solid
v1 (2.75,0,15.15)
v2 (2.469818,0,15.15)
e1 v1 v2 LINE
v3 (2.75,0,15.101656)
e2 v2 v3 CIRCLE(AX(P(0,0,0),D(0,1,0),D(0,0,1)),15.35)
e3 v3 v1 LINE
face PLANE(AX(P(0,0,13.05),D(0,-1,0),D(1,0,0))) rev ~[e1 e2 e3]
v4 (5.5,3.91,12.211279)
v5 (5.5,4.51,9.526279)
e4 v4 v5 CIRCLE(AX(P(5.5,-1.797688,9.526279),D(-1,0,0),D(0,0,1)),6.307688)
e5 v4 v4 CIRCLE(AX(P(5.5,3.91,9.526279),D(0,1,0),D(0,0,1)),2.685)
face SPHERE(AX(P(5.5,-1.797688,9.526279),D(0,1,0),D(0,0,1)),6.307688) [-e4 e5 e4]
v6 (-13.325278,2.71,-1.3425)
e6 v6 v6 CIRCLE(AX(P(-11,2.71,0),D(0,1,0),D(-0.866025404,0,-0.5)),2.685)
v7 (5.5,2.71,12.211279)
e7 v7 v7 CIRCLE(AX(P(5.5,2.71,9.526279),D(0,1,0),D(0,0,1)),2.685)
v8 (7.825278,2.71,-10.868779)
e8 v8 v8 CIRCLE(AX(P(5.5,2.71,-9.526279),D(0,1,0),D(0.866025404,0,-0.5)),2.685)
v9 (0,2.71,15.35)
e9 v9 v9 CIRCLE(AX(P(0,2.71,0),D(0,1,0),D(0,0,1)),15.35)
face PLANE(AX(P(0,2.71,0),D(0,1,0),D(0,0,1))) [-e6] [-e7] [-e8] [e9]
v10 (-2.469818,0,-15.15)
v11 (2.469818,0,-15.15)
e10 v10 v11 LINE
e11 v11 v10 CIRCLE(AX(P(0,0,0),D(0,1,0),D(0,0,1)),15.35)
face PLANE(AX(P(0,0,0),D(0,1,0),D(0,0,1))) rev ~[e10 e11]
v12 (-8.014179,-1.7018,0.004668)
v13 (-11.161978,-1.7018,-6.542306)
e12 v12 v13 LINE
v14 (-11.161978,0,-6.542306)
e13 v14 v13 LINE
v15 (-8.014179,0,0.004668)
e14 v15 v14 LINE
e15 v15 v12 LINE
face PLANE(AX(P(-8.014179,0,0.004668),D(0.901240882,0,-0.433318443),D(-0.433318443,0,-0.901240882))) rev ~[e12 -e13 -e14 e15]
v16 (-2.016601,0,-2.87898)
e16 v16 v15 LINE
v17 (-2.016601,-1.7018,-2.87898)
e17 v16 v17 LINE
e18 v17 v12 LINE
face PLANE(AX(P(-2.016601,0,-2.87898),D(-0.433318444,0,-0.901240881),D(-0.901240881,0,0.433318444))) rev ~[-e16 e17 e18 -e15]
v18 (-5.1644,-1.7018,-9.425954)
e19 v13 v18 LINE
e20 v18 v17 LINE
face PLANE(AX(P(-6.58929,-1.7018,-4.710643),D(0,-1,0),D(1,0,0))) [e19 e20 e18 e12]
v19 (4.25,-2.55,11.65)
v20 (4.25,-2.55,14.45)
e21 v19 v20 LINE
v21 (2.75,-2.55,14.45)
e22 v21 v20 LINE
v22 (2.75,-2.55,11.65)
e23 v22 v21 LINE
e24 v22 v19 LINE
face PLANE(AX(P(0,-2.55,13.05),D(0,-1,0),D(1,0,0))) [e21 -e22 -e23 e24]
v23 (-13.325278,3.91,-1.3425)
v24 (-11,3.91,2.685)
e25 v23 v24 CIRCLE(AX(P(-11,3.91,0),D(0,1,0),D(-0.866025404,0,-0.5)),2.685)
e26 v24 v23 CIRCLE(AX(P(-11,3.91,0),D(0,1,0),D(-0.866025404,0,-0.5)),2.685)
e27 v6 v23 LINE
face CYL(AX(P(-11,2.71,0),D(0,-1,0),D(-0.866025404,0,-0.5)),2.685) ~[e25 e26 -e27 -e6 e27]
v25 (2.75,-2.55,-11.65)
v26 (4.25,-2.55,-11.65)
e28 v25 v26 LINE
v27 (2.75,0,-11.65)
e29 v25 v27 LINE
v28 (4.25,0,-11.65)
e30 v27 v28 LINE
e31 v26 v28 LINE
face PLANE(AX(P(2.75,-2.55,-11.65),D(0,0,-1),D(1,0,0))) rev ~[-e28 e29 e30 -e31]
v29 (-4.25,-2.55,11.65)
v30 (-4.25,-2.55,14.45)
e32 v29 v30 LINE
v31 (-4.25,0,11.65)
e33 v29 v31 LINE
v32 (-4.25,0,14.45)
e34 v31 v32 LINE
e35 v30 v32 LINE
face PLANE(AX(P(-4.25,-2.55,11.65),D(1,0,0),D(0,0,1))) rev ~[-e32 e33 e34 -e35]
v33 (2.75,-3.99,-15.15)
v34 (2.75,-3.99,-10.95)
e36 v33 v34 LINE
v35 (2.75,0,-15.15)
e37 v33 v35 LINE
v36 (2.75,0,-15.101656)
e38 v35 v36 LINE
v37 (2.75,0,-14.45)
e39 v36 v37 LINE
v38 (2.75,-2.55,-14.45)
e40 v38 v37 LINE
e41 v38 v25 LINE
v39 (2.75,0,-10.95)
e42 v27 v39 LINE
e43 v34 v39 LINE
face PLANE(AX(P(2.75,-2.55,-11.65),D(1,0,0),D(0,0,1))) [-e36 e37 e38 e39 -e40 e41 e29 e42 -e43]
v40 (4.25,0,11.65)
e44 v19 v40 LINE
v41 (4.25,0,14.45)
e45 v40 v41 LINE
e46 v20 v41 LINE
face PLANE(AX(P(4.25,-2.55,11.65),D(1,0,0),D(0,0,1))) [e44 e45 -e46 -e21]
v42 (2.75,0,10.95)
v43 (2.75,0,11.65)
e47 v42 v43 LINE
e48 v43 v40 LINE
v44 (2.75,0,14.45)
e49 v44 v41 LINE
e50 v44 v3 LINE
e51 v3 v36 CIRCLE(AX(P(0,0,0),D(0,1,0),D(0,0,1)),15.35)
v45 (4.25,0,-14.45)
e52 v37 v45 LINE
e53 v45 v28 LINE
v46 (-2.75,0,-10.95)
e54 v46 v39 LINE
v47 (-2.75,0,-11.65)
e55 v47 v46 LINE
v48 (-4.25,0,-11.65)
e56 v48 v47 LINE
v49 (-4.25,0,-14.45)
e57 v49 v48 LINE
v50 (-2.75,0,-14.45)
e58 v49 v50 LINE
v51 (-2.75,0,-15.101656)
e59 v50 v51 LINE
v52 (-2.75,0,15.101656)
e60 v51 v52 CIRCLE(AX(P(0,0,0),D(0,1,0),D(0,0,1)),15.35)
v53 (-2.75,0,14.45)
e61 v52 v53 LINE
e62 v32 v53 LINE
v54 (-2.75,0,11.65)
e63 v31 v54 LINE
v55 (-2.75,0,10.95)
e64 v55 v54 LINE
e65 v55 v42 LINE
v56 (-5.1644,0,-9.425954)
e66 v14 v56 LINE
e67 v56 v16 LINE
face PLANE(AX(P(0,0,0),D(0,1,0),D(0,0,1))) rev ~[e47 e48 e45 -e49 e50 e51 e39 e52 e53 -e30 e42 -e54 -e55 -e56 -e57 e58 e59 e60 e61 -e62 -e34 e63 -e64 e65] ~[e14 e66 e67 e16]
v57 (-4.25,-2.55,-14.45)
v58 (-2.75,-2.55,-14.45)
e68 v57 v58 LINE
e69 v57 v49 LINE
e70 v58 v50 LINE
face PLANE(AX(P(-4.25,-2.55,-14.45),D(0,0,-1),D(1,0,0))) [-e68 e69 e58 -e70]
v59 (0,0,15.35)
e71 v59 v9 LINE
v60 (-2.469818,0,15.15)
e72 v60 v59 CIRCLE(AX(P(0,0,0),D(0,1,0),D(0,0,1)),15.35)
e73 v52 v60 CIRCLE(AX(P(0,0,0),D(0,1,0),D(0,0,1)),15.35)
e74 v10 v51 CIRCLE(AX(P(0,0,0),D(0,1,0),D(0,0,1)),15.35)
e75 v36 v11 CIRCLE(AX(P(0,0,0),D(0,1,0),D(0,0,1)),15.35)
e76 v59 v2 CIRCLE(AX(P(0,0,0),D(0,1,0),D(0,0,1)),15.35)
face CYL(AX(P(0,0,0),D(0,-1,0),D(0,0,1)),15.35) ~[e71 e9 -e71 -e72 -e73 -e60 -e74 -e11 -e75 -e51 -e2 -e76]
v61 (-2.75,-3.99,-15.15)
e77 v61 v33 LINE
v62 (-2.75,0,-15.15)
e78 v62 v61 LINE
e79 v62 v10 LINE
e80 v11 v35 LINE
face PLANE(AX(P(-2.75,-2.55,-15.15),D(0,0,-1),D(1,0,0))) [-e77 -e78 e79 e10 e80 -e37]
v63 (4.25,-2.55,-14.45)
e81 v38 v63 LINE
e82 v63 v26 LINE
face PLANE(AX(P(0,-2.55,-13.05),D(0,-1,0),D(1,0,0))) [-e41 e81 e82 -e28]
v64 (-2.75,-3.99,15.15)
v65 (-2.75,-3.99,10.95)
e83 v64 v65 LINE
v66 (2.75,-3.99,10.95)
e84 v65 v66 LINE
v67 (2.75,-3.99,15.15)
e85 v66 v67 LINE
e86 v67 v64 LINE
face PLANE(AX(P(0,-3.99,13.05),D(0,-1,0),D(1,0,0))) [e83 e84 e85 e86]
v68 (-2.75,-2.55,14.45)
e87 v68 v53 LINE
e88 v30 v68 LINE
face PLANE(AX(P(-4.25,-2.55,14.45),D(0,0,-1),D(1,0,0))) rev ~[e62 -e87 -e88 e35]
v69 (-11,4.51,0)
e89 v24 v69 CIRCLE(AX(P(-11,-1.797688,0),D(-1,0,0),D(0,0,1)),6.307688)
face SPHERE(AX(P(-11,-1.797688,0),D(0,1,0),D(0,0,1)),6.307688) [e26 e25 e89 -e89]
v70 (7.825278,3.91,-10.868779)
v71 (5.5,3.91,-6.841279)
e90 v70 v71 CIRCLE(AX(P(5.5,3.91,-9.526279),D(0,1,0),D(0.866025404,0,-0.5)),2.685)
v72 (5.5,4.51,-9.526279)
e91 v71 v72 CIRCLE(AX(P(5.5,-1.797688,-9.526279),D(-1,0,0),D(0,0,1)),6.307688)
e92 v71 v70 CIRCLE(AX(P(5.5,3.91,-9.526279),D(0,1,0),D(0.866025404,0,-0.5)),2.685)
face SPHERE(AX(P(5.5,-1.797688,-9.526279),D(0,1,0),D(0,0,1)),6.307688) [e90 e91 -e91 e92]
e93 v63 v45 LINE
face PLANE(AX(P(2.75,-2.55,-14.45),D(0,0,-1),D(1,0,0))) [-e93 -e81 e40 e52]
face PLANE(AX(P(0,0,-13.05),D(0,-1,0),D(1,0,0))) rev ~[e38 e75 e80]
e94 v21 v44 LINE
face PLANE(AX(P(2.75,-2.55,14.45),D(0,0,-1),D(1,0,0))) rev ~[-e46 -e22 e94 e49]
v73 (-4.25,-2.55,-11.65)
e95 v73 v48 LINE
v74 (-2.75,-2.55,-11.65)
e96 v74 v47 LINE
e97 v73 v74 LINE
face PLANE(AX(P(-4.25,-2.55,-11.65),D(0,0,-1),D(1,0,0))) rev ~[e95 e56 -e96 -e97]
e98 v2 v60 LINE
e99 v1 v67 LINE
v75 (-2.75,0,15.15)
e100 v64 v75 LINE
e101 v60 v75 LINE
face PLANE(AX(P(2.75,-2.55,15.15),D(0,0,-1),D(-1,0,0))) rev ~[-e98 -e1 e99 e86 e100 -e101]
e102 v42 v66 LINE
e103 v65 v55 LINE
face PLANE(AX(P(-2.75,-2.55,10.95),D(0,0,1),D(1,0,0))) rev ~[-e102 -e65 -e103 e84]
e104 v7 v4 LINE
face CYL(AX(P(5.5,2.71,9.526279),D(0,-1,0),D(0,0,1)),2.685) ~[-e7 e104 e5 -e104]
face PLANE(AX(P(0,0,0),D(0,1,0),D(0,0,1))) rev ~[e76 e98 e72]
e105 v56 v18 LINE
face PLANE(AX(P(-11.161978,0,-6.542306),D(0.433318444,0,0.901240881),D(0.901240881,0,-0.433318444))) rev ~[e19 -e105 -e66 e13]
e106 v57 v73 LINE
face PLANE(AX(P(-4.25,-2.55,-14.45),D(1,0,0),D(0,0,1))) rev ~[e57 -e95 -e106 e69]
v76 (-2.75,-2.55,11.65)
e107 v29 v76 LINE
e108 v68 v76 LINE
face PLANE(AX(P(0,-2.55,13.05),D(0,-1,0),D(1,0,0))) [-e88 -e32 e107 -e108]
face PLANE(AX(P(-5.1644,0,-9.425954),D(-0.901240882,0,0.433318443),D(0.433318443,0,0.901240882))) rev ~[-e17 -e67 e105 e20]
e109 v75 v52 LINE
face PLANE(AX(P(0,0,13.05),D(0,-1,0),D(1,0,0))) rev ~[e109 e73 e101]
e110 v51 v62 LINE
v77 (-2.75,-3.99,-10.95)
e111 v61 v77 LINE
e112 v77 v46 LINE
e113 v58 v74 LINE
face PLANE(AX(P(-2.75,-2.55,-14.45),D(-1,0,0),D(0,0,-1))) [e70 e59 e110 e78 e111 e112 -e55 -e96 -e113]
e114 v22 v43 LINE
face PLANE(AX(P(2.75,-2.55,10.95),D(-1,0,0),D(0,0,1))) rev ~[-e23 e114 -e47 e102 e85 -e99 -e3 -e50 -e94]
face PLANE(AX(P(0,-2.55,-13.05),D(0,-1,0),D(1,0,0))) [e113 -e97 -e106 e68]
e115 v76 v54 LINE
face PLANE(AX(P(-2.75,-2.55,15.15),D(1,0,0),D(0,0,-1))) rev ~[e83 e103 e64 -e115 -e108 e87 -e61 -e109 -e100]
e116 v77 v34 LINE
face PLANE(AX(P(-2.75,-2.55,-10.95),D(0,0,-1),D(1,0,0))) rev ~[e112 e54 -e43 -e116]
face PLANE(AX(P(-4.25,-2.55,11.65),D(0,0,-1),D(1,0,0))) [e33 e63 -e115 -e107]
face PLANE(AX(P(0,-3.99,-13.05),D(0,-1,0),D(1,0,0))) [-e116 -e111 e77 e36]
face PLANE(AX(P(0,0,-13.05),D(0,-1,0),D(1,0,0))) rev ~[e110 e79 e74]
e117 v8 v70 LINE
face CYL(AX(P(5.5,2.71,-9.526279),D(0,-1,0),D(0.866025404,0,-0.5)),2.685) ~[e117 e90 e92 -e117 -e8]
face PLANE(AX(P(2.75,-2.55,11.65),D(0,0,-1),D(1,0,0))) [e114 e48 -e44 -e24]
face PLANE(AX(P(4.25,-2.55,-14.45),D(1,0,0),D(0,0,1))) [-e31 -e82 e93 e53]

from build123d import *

# Parameters (mm, degrees)
SKETCH1_R                      = 15.35
BOSS_EXTRUDE1_DEPTH            = 2.71
SKETCH2_R                      = 2.685
BOSS_EXTRUDE2_DEPTH            = 1.2
DOME1_FACE_RADIUS              = 2.685
DOME1_HEIGHT                   = 0.6
CIRPATTERN1_COUNT              = 3
CIRPATTERN1_COPY_1_FACE_RADIUS = 2.685
CIRPATTERN1_COPY_1_HEIGHT      = 0.6
CIRPATTERN1_COPY_2_FACE_RADIUS = 2.685
CIRPATTERN1_COPY_2_HEIGHT      = 0.6
BOSS_EXTRUDE3_START            = 2.55
SKETCH3_W                      = 5.5
SKETCH3_H                      = 4.2
SKETCH3_W_2                    = 1.5
SKETCH3_H_2                    = 2.8
BOSS_EXTRUDE3_DEPTH            = 2.55
SKETCH4_W                      = 5.5
SKETCH4_H                      = 4.2
BOSS_EXTRUDE4_DEPTH            = 1.44
CHIP_DEPTH                     = 1.7018


with BuildPart() as part:
    # Sketch1 → Boss-Extrude1 (new body)
    with BuildSketch(Plane(origin=(0, 0, 0), x_dir=(1, 0, 0), z_dir=(0, 1, 0))):
        with Locations(Location((0, 0, 0), (0, 0, 270))):
            Circle(SKETCH1_R)
    extrude(amount=BOSS_EXTRUDE1_DEPTH)

    # Sketch2 → Boss-Extrude2 (add)
    with BuildSketch(Plane(origin=(0, 2.71, 0), x_dir=(-1, 0, 0), z_dir=(0, 1, 0))):
        with Locations(Location((-5.5, 9.526279442, 0), (0, 0, 90))):
            Circle(SKETCH2_R)
    boss_extrude2 = extrude(amount=BOSS_EXTRUDE2_DEPTH)

    # Dome1: a dome of height H over a round flat face of radius A is a cap of a sphere of radius (A * A + H * H) / (2 * H)
    dome1_r = (DOME1_FACE_RADIUS * DOME1_FACE_RADIUS + DOME1_HEIGHT * DOME1_HEIGHT) / (2 * DOME1_HEIGHT)
    dome1_base = Plane((5.5, 3.91, 9.526279442), z_dir=(0, 1, 0))
    with Locations(dome1_base.offset(DOME1_HEIGHT - dome1_r)):
        dome1_ball = Sphere(dome1_r, mode=Mode.PRIVATE)
    add(split(dome1_ball, bisect_by=dome1_base, keep=Keep.TOP, mode=Mode.PRIVATE))

    # CirPattern1: Boss-Extrude2 ×3 about axis
    cirpattern1_axis = Axis((0, 0, 0), (0, 1, 0))
    for i in range(1, CIRPATTERN1_COUNT):
        add(boss_extrude2.rotate(cirpattern1_axis, i * 360 / CIRPATTERN1_COUNT))

    # CirPattern1 copy 1: a dome of height H over a round flat face of radius A is a cap of a sphere of radius (A * A + H * H) / (2 * H)
    cirpattern1_copy_1_r = (CIRPATTERN1_COPY_1_FACE_RADIUS * CIRPATTERN1_COPY_1_FACE_RADIUS + CIRPATTERN1_COPY_1_HEIGHT * CIRPATTERN1_COPY_1_HEIGHT) / (2 * CIRPATTERN1_COPY_1_HEIGHT)
    cirpattern1_copy_1_base = Plane((5.5, 3.91, -9.526279442), z_dir=(0, 1, 0))
    with Locations(cirpattern1_copy_1_base.offset(CIRPATTERN1_COPY_1_HEIGHT - cirpattern1_copy_1_r)):
        cirpattern1_copy_1_ball = Sphere(cirpattern1_copy_1_r, mode=Mode.PRIVATE)
    add(split(cirpattern1_copy_1_ball, bisect_by=cirpattern1_copy_1_base, keep=Keep.TOP, mode=Mode.PRIVATE))

    # CirPattern1 copy 2: a dome of height H over a round flat face of radius A is a cap of a sphere of radius (A * A + H * H) / (2 * H)
    cirpattern1_copy_2_r = (CIRPATTERN1_COPY_2_FACE_RADIUS * CIRPATTERN1_COPY_2_FACE_RADIUS + CIRPATTERN1_COPY_2_HEIGHT * CIRPATTERN1_COPY_2_HEIGHT) / (2 * CIRPATTERN1_COPY_2_HEIGHT)
    cirpattern1_copy_2_base = Plane((-11, 3.91, 0), z_dir=(0, 1, 0))
    with Locations(cirpattern1_copy_2_base.offset(CIRPATTERN1_COPY_2_HEIGHT - cirpattern1_copy_2_r)):
        cirpattern1_copy_2_ball = Sphere(cirpattern1_copy_2_r, mode=Mode.PRIVATE)
    add(split(cirpattern1_copy_2_ball, bisect_by=cirpattern1_copy_2_base, keep=Keep.TOP, mode=Mode.PRIVATE))

    # Sketch3 → Boss-Extrude3 (add)
    with BuildSketch(Plane.XZ.offset(BOSS_EXTRUDE3_START)):
        with Locations((0, 13.05)):
            Rectangle(SKETCH3_W, SKETCH3_H)
        with Locations((0, -13.05)):
            Rectangle(SKETCH3_W, SKETCH3_H)
        with Locations((3.5, 13.05)):
            Rectangle(SKETCH3_W_2, SKETCH3_H_2)
        with Locations((-3.5, 13.05)):
            Rectangle(SKETCH3_W_2, SKETCH3_H_2)
        with Locations((3.5, -13.05)):
            Rectangle(SKETCH3_W_2, SKETCH3_H_2)
        with Locations((-3.5, -13.05)):
            Rectangle(SKETCH3_W_2, SKETCH3_H_2)
        with BuildLine():
            Line((2.75, 15.101655538), (2.75, 15.15))
            Line((2.75, 15.15), (2.469817807, 15.15))
            ThreePointArc((2.469817807, 15.15), (2.610020839, 15.126476497), (2.75, 15.101655538))
        make_face()
        with BuildLine():
            ThreePointArc((-2.75, 15.101655538), (-2.610020839, 15.126476497), (-2.469817807, 15.15))
            Line((-2.469817807, 15.15), (-2.75, 15.15))
            Line((-2.75, 15.15), (-2.75, 15.101655538))
        make_face()
        with BuildLine():
            ThreePointArc((-2.469817807, -15.15), (-2.610020839, -15.126476497), (-2.75, -15.101655538))
            Line((-2.75, -15.101655538), (-2.75, -15.15))
            Line((-2.75, -15.15), (-2.469817807, -15.15))
        make_face()
        with BuildLine():
            Line((2.75, -15.15), (2.75, -15.101655538))
            ThreePointArc((2.75, -15.101655538), (2.610020839, -15.126476497), (2.469817807, -15.15))
            Line((2.469817807, -15.15), (2.75, -15.15))
        make_face()
    extrude(amount=-BOSS_EXTRUDE3_DEPTH)

    # Sketch4 → Boss-Extrude4 (add)
    with BuildSketch(Plane.XZ.offset(2.55)):
        Polygon((-2.75, 10.95), (2.75, 10.95), (2.75, 11.65), (2.75, 14.45), (2.75, 15.15), (-2.75, 15.15), (-2.75, 14.45), (-2.75, 11.65), align=None)
        with Locations((0, -13.05)):
            Rectangle(SKETCH4_W, SKETCH4_H)
    extrude(amount=BOSS_EXTRUDE4_DEPTH)

    # Sketch5 → Chip (add)
    with BuildSketch(Plane.XZ):
        Polygon((-5.1644, -9.425953844), (-2.016601499, -2.878979584), (-8.014179317, 0.004667994), (-11.161977818, -6.542306266), align=None)
    extrude(amount=CHIP_DEPTH)


solid = part.part
